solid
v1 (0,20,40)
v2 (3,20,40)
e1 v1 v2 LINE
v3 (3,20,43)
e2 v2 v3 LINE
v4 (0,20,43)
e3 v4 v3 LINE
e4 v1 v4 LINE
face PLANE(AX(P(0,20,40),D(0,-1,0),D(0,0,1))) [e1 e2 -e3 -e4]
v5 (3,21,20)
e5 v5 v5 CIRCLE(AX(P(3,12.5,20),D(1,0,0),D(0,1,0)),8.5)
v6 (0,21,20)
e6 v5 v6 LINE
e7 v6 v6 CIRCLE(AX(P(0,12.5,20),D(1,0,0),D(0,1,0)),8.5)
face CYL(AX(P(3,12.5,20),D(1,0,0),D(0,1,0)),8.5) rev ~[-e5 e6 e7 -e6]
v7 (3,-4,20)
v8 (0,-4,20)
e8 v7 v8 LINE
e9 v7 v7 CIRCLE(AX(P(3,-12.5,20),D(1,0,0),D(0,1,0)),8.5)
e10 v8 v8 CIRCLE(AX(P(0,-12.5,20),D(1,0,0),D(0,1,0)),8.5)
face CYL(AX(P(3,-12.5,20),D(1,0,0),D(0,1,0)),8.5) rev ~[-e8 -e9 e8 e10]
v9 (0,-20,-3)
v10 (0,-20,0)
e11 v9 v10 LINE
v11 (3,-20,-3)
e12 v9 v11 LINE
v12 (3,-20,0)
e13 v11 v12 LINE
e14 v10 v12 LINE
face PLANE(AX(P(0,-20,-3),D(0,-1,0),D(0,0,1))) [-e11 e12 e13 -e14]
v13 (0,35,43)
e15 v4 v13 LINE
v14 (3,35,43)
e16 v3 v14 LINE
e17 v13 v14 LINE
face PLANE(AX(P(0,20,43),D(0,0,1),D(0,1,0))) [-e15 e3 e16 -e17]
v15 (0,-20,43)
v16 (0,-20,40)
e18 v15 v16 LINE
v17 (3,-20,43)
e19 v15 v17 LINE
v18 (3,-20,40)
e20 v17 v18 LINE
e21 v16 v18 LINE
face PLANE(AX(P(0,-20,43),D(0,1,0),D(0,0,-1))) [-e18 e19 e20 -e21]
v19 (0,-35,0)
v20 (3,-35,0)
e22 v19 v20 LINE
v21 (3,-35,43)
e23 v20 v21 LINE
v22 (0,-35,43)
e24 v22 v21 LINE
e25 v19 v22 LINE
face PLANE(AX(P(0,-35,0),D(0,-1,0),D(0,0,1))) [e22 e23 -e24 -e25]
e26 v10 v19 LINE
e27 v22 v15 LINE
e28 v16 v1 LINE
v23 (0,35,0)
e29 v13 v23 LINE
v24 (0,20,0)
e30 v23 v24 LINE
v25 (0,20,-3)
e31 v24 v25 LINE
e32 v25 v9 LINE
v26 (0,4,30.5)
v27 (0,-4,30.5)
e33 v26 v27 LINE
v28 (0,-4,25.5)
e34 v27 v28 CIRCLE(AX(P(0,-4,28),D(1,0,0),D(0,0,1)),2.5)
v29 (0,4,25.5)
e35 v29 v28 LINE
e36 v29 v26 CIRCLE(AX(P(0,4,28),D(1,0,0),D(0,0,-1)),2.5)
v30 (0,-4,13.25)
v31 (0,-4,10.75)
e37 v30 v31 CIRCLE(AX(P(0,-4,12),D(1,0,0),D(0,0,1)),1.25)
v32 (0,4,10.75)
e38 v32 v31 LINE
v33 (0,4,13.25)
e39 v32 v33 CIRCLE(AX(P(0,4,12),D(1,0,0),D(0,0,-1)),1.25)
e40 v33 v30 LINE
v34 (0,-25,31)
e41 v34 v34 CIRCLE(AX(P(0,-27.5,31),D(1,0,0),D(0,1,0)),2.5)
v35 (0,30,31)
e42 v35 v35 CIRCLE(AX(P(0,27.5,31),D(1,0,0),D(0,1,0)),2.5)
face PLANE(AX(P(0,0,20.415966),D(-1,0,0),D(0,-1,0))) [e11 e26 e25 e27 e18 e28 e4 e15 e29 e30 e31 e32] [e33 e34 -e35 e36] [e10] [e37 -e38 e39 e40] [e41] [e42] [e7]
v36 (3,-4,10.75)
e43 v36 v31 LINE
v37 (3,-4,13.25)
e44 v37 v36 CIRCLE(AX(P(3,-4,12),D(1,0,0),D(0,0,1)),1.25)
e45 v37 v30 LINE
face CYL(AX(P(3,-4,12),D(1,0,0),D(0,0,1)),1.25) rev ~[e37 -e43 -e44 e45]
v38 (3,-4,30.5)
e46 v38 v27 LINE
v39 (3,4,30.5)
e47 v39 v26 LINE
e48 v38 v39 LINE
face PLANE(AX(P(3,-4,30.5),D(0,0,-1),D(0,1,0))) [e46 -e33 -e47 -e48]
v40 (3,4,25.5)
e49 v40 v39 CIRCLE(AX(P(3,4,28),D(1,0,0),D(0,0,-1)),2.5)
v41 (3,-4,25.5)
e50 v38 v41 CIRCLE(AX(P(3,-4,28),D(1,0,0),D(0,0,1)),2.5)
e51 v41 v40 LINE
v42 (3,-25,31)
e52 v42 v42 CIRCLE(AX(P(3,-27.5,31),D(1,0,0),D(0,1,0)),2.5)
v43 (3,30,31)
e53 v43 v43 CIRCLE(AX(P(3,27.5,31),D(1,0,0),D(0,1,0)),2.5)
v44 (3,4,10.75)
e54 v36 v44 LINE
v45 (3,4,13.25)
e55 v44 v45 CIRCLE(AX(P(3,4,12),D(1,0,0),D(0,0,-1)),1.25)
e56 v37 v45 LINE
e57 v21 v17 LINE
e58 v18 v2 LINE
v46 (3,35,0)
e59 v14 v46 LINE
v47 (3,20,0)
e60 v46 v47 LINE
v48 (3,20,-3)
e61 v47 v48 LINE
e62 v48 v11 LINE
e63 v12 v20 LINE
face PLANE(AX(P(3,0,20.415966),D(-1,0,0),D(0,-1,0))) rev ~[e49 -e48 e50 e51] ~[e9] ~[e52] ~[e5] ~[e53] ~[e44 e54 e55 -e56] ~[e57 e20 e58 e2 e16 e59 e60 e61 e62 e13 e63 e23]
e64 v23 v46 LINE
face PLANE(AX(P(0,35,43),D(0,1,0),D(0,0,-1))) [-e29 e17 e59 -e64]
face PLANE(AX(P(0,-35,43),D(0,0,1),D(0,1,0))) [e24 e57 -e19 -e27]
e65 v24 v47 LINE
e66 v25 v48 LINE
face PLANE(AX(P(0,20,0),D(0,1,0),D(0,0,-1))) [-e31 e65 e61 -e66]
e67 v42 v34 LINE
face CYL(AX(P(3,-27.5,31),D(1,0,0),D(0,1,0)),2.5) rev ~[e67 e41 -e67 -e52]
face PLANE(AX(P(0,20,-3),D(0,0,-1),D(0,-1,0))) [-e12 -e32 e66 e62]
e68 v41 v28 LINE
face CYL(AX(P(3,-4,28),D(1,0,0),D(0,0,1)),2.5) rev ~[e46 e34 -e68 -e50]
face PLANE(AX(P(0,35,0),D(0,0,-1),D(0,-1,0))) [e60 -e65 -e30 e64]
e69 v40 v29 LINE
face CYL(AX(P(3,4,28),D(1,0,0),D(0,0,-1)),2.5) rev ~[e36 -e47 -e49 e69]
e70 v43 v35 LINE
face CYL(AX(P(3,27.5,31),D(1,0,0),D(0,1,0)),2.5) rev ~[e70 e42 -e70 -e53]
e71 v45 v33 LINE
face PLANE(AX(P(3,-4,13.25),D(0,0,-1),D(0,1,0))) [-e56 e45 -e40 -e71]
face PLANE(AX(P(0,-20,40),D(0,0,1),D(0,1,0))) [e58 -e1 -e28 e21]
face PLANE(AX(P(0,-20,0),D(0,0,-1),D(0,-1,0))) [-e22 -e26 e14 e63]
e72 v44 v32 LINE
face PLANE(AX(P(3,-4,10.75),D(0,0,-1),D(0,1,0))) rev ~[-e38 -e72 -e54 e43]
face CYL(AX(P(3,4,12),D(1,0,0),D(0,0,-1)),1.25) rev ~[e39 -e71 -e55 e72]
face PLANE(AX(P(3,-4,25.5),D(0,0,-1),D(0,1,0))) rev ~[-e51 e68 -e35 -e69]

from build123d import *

# Parameters (mm, degrees)
PAD002_DEPTH    = 3
SKETCH008_R     = 8.5
POCKET005_DEPTH = 3.001
SKETCH009_R     = 2.5
POCKET006_DEPTH = 3.001


with BuildPart() as part:
    # Sketch007 → Pad002 (new body)
    with BuildSketch(Plane.YZ):
        Polygon((-35, 43), (-20, 43), (-20, 40), (20, 40), (20, 43), (35, 43), (35, 0), (20, 0), (20, -3), (-20, -3), (-20, 0), (-35, 0), align=None)
    extrude(amount=PAD002_DEPTH)

    # Sketch008 → Pocket005 (cut, through all)
    with BuildSketch(Plane.YZ.offset(3)):
        with Locations((-12.5, 20)):
            Circle(SKETCH008_R)
        with Locations((12.5, 20)):
            Circle(SKETCH008_R)
        with BuildLine():
            Line((-4, 30.5), (4, 30.5))
            ThreePointArc((4, 25.5), (6.5, 28), (4, 30.5))
            Line((-4, 25.5), (4, 25.5))
            ThreePointArc((-4, 30.5), (-6.5, 28), (-4, 25.5))
        make_face()
        with BuildLine():
            Line((-4, 13.25), (4, 13.25))
            ThreePointArc((4, 10.75), (5.25, 12), (4, 13.25))
            Line((-4, 10.75), (4, 10.75))
            ThreePointArc((-4, 13.25), (-5.25, 12), (-4, 10.75))
        make_face()
    extrude(amount=-POCKET005_DEPTH, mode=Mode.SUBTRACT)

    # Sketch009 → Pocket006 (cut, through all)
    with BuildSketch(Plane.YZ.offset(3)):
        with Locations((-27.5, 31)):
            Circle(SKETCH009_R)
        with Locations((27.5, 31)):
            Circle(SKETCH009_R)
    extrude(amount=-POCKET006_DEPTH, mode=Mode.SUBTRACT)


solid = part.part
